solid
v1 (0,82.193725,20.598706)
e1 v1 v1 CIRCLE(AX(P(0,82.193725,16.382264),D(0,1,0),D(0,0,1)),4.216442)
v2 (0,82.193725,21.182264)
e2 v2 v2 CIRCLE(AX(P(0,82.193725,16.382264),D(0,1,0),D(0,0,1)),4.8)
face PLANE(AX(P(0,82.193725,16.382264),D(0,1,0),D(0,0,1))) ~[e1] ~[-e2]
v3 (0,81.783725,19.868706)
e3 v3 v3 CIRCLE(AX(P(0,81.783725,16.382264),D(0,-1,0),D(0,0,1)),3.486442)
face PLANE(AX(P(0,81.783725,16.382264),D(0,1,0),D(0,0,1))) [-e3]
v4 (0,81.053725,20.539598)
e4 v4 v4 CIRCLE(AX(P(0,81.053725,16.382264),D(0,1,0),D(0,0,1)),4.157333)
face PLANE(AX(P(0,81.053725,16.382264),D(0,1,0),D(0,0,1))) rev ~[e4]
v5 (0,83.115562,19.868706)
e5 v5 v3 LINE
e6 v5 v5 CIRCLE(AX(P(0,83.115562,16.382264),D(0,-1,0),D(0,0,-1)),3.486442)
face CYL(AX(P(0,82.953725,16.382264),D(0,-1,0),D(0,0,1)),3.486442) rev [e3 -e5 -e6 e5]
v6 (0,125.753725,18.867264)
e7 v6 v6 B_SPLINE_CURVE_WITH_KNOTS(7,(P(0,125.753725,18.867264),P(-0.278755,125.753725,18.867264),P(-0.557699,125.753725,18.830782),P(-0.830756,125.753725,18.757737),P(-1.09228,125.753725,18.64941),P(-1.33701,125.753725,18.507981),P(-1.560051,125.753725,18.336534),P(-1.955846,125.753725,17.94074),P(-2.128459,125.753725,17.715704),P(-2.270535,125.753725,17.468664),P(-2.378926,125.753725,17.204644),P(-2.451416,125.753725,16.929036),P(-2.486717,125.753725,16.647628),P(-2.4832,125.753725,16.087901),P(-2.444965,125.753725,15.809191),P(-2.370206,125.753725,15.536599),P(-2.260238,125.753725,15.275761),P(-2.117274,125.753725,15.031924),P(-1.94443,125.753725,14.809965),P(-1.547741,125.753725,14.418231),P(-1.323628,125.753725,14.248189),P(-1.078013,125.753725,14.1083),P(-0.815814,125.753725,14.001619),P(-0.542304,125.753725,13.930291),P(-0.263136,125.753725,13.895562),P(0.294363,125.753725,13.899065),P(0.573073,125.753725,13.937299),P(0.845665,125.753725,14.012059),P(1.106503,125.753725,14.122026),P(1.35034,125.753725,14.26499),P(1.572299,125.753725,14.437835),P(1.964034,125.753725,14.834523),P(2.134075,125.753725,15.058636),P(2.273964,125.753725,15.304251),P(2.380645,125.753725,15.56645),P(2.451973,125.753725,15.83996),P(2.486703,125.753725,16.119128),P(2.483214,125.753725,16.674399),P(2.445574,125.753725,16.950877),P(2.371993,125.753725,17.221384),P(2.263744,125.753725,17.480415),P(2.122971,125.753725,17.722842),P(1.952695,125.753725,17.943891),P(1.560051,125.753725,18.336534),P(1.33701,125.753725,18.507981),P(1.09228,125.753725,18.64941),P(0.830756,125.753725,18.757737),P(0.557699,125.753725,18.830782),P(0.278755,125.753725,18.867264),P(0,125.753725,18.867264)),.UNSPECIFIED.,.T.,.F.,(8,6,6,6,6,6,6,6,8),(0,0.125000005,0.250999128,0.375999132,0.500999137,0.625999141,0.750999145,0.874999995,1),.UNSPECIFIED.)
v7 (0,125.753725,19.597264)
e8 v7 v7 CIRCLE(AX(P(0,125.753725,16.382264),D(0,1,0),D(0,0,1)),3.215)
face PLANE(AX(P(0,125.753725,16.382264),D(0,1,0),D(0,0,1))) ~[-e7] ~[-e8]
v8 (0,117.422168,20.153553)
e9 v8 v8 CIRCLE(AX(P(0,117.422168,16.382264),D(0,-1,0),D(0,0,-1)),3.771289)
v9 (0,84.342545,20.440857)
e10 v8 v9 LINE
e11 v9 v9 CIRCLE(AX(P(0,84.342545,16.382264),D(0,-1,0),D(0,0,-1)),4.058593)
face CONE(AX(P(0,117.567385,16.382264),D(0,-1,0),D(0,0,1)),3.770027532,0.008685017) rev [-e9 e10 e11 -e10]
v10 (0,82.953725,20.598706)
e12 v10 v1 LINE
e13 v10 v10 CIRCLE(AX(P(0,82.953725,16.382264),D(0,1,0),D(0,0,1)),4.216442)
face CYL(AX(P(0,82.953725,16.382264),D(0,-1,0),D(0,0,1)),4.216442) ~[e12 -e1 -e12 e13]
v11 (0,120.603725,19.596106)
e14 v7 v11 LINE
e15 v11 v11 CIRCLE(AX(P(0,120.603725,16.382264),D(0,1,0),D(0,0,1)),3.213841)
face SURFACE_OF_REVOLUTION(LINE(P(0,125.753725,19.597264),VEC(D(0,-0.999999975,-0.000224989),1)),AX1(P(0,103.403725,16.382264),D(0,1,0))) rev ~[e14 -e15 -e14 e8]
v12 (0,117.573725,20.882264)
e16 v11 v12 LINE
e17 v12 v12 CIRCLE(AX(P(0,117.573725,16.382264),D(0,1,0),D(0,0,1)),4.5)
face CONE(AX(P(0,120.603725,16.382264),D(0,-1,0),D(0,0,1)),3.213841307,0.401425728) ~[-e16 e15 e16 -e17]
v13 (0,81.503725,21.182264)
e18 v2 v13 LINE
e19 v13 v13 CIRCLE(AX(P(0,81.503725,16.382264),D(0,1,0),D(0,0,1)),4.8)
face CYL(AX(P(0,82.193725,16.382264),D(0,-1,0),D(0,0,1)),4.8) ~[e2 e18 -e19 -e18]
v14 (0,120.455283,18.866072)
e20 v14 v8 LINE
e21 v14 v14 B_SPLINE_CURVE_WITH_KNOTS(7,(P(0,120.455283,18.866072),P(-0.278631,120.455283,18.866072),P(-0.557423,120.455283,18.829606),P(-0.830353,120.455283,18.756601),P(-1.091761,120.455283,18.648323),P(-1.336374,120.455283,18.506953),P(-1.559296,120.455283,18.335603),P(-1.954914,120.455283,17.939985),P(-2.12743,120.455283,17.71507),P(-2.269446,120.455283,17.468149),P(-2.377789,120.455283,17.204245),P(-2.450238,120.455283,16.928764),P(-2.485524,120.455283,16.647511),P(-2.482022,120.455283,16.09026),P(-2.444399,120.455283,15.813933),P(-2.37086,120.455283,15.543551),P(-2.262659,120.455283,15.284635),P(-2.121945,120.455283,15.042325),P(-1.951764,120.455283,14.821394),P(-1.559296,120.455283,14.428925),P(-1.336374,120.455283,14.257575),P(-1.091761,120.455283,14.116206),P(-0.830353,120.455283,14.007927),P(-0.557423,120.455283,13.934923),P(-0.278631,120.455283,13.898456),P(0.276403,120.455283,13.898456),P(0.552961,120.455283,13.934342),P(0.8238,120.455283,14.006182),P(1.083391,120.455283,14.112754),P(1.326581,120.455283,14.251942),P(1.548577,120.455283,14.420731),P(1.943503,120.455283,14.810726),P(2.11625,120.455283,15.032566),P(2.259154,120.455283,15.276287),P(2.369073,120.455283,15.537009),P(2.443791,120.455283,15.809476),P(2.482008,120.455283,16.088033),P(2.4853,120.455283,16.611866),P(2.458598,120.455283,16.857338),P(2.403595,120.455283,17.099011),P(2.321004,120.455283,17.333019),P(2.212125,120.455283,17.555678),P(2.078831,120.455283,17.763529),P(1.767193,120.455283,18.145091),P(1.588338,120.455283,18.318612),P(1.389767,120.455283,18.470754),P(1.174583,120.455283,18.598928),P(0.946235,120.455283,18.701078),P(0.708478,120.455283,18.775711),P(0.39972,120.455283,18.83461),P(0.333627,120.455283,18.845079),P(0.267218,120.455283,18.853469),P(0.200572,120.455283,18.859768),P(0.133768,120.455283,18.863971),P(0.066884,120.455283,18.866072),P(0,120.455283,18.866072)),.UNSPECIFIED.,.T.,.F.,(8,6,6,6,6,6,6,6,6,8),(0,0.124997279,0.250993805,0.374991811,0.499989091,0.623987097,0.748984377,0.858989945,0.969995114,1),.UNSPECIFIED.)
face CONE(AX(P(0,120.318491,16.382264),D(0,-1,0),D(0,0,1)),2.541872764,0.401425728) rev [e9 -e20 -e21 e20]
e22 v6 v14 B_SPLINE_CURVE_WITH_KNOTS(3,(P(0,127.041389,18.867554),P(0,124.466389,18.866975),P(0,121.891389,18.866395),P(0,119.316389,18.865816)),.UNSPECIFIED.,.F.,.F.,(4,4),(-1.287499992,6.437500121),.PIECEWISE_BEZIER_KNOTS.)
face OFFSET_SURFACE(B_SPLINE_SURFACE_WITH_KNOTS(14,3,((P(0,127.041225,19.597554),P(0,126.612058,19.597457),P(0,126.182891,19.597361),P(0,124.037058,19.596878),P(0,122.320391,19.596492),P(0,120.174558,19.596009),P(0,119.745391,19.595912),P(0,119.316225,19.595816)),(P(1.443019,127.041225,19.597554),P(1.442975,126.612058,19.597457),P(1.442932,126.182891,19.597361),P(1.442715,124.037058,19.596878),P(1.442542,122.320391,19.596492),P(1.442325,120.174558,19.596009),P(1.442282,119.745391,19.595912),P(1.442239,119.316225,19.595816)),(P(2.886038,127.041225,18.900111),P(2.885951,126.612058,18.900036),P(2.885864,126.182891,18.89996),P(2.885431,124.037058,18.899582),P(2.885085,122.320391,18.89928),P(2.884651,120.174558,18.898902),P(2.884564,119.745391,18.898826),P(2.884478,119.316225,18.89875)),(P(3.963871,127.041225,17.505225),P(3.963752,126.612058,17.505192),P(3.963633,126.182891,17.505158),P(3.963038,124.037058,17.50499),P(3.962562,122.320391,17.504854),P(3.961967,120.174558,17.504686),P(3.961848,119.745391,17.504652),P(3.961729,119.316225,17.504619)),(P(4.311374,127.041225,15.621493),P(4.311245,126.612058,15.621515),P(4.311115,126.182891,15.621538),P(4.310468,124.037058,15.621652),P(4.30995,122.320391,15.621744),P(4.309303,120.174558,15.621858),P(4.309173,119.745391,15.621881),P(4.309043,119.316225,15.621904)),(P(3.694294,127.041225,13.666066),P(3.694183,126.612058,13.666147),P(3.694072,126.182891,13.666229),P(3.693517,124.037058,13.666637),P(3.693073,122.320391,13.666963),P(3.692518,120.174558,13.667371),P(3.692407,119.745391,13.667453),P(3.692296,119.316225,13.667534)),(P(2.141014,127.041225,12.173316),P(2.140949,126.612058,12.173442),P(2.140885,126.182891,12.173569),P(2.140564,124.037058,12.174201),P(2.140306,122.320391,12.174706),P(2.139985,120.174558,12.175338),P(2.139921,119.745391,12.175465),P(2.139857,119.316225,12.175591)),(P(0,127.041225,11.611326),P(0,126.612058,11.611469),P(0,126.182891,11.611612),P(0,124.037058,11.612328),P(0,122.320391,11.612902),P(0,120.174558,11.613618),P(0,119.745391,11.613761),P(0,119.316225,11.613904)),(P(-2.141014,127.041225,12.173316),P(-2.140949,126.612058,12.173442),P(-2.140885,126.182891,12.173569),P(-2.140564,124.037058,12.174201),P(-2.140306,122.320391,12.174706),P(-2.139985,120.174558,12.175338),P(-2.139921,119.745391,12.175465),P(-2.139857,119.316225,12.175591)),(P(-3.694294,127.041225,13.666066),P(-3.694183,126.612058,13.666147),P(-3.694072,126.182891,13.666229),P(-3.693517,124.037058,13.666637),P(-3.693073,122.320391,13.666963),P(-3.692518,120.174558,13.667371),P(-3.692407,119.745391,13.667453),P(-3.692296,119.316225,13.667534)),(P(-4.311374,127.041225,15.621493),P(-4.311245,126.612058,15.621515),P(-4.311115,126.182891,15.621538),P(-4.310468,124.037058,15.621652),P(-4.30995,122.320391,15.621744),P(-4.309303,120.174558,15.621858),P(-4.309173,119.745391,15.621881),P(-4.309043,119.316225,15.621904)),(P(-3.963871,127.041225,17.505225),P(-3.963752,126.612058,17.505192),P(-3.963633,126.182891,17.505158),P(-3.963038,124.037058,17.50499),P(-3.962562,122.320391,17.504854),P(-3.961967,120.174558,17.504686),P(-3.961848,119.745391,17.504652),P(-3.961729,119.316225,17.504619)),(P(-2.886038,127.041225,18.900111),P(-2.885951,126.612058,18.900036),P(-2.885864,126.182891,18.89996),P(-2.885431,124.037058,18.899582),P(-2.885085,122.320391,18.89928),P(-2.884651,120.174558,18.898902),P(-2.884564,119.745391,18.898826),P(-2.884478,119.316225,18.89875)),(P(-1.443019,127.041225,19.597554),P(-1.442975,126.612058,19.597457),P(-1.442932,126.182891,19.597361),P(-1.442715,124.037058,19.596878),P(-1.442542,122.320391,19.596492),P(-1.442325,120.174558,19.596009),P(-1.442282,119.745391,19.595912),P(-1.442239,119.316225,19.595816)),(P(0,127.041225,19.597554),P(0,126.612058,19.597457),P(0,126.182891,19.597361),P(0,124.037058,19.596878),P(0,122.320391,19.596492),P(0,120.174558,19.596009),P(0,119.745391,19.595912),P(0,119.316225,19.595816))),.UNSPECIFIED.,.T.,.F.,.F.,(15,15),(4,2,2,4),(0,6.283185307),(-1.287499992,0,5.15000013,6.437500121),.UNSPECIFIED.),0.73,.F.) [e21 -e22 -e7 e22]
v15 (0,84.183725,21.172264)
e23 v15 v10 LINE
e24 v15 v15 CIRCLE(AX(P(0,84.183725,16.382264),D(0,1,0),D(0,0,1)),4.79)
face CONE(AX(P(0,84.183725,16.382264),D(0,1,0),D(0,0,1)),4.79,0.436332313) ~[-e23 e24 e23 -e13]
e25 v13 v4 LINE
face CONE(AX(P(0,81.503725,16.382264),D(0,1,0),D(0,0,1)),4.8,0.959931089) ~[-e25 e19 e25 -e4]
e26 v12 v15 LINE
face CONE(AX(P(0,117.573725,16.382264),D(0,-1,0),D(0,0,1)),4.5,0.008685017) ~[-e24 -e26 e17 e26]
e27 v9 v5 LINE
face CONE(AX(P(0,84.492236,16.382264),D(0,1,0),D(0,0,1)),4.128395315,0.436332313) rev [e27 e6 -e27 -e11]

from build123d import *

# Parameters (mm, degrees)
F2_T = -0.73


with BuildPart() as f1:
    # F0 (on Right) → F1 (revolve)
    with BuildSketch(Plane.YZ):
        Polygon((82.1937248002, 20.5987058207), (82.1937248002, 21.1822642403), (81.5037248002, 21.1822642403), (81.0537248002, 20.5395976372), (81.0537248002, 16.3822642403), (125.7537248002, 16.3822642403), (125.7537248002, 19.5972642403), (120.6037248002, 19.5961055472), (117.5737248002, 20.8822642403), (84.1837248002, 21.1722642403), (82.9537248002, 20.5987058207), align=None)
    revolve(axis=Axis((0, 103.4037248002, 16.3822642403), (0, 1, 0)))

    # F2
    f2_openings = [f1.faces().sort_by_distance(p)[0] for p in [
        (0, 125.753725, 16.382264),
    ]]
    offset(amount=F2_T, openings=f2_openings, kind=Kind.INTERSECTION)


solid = f1.part
